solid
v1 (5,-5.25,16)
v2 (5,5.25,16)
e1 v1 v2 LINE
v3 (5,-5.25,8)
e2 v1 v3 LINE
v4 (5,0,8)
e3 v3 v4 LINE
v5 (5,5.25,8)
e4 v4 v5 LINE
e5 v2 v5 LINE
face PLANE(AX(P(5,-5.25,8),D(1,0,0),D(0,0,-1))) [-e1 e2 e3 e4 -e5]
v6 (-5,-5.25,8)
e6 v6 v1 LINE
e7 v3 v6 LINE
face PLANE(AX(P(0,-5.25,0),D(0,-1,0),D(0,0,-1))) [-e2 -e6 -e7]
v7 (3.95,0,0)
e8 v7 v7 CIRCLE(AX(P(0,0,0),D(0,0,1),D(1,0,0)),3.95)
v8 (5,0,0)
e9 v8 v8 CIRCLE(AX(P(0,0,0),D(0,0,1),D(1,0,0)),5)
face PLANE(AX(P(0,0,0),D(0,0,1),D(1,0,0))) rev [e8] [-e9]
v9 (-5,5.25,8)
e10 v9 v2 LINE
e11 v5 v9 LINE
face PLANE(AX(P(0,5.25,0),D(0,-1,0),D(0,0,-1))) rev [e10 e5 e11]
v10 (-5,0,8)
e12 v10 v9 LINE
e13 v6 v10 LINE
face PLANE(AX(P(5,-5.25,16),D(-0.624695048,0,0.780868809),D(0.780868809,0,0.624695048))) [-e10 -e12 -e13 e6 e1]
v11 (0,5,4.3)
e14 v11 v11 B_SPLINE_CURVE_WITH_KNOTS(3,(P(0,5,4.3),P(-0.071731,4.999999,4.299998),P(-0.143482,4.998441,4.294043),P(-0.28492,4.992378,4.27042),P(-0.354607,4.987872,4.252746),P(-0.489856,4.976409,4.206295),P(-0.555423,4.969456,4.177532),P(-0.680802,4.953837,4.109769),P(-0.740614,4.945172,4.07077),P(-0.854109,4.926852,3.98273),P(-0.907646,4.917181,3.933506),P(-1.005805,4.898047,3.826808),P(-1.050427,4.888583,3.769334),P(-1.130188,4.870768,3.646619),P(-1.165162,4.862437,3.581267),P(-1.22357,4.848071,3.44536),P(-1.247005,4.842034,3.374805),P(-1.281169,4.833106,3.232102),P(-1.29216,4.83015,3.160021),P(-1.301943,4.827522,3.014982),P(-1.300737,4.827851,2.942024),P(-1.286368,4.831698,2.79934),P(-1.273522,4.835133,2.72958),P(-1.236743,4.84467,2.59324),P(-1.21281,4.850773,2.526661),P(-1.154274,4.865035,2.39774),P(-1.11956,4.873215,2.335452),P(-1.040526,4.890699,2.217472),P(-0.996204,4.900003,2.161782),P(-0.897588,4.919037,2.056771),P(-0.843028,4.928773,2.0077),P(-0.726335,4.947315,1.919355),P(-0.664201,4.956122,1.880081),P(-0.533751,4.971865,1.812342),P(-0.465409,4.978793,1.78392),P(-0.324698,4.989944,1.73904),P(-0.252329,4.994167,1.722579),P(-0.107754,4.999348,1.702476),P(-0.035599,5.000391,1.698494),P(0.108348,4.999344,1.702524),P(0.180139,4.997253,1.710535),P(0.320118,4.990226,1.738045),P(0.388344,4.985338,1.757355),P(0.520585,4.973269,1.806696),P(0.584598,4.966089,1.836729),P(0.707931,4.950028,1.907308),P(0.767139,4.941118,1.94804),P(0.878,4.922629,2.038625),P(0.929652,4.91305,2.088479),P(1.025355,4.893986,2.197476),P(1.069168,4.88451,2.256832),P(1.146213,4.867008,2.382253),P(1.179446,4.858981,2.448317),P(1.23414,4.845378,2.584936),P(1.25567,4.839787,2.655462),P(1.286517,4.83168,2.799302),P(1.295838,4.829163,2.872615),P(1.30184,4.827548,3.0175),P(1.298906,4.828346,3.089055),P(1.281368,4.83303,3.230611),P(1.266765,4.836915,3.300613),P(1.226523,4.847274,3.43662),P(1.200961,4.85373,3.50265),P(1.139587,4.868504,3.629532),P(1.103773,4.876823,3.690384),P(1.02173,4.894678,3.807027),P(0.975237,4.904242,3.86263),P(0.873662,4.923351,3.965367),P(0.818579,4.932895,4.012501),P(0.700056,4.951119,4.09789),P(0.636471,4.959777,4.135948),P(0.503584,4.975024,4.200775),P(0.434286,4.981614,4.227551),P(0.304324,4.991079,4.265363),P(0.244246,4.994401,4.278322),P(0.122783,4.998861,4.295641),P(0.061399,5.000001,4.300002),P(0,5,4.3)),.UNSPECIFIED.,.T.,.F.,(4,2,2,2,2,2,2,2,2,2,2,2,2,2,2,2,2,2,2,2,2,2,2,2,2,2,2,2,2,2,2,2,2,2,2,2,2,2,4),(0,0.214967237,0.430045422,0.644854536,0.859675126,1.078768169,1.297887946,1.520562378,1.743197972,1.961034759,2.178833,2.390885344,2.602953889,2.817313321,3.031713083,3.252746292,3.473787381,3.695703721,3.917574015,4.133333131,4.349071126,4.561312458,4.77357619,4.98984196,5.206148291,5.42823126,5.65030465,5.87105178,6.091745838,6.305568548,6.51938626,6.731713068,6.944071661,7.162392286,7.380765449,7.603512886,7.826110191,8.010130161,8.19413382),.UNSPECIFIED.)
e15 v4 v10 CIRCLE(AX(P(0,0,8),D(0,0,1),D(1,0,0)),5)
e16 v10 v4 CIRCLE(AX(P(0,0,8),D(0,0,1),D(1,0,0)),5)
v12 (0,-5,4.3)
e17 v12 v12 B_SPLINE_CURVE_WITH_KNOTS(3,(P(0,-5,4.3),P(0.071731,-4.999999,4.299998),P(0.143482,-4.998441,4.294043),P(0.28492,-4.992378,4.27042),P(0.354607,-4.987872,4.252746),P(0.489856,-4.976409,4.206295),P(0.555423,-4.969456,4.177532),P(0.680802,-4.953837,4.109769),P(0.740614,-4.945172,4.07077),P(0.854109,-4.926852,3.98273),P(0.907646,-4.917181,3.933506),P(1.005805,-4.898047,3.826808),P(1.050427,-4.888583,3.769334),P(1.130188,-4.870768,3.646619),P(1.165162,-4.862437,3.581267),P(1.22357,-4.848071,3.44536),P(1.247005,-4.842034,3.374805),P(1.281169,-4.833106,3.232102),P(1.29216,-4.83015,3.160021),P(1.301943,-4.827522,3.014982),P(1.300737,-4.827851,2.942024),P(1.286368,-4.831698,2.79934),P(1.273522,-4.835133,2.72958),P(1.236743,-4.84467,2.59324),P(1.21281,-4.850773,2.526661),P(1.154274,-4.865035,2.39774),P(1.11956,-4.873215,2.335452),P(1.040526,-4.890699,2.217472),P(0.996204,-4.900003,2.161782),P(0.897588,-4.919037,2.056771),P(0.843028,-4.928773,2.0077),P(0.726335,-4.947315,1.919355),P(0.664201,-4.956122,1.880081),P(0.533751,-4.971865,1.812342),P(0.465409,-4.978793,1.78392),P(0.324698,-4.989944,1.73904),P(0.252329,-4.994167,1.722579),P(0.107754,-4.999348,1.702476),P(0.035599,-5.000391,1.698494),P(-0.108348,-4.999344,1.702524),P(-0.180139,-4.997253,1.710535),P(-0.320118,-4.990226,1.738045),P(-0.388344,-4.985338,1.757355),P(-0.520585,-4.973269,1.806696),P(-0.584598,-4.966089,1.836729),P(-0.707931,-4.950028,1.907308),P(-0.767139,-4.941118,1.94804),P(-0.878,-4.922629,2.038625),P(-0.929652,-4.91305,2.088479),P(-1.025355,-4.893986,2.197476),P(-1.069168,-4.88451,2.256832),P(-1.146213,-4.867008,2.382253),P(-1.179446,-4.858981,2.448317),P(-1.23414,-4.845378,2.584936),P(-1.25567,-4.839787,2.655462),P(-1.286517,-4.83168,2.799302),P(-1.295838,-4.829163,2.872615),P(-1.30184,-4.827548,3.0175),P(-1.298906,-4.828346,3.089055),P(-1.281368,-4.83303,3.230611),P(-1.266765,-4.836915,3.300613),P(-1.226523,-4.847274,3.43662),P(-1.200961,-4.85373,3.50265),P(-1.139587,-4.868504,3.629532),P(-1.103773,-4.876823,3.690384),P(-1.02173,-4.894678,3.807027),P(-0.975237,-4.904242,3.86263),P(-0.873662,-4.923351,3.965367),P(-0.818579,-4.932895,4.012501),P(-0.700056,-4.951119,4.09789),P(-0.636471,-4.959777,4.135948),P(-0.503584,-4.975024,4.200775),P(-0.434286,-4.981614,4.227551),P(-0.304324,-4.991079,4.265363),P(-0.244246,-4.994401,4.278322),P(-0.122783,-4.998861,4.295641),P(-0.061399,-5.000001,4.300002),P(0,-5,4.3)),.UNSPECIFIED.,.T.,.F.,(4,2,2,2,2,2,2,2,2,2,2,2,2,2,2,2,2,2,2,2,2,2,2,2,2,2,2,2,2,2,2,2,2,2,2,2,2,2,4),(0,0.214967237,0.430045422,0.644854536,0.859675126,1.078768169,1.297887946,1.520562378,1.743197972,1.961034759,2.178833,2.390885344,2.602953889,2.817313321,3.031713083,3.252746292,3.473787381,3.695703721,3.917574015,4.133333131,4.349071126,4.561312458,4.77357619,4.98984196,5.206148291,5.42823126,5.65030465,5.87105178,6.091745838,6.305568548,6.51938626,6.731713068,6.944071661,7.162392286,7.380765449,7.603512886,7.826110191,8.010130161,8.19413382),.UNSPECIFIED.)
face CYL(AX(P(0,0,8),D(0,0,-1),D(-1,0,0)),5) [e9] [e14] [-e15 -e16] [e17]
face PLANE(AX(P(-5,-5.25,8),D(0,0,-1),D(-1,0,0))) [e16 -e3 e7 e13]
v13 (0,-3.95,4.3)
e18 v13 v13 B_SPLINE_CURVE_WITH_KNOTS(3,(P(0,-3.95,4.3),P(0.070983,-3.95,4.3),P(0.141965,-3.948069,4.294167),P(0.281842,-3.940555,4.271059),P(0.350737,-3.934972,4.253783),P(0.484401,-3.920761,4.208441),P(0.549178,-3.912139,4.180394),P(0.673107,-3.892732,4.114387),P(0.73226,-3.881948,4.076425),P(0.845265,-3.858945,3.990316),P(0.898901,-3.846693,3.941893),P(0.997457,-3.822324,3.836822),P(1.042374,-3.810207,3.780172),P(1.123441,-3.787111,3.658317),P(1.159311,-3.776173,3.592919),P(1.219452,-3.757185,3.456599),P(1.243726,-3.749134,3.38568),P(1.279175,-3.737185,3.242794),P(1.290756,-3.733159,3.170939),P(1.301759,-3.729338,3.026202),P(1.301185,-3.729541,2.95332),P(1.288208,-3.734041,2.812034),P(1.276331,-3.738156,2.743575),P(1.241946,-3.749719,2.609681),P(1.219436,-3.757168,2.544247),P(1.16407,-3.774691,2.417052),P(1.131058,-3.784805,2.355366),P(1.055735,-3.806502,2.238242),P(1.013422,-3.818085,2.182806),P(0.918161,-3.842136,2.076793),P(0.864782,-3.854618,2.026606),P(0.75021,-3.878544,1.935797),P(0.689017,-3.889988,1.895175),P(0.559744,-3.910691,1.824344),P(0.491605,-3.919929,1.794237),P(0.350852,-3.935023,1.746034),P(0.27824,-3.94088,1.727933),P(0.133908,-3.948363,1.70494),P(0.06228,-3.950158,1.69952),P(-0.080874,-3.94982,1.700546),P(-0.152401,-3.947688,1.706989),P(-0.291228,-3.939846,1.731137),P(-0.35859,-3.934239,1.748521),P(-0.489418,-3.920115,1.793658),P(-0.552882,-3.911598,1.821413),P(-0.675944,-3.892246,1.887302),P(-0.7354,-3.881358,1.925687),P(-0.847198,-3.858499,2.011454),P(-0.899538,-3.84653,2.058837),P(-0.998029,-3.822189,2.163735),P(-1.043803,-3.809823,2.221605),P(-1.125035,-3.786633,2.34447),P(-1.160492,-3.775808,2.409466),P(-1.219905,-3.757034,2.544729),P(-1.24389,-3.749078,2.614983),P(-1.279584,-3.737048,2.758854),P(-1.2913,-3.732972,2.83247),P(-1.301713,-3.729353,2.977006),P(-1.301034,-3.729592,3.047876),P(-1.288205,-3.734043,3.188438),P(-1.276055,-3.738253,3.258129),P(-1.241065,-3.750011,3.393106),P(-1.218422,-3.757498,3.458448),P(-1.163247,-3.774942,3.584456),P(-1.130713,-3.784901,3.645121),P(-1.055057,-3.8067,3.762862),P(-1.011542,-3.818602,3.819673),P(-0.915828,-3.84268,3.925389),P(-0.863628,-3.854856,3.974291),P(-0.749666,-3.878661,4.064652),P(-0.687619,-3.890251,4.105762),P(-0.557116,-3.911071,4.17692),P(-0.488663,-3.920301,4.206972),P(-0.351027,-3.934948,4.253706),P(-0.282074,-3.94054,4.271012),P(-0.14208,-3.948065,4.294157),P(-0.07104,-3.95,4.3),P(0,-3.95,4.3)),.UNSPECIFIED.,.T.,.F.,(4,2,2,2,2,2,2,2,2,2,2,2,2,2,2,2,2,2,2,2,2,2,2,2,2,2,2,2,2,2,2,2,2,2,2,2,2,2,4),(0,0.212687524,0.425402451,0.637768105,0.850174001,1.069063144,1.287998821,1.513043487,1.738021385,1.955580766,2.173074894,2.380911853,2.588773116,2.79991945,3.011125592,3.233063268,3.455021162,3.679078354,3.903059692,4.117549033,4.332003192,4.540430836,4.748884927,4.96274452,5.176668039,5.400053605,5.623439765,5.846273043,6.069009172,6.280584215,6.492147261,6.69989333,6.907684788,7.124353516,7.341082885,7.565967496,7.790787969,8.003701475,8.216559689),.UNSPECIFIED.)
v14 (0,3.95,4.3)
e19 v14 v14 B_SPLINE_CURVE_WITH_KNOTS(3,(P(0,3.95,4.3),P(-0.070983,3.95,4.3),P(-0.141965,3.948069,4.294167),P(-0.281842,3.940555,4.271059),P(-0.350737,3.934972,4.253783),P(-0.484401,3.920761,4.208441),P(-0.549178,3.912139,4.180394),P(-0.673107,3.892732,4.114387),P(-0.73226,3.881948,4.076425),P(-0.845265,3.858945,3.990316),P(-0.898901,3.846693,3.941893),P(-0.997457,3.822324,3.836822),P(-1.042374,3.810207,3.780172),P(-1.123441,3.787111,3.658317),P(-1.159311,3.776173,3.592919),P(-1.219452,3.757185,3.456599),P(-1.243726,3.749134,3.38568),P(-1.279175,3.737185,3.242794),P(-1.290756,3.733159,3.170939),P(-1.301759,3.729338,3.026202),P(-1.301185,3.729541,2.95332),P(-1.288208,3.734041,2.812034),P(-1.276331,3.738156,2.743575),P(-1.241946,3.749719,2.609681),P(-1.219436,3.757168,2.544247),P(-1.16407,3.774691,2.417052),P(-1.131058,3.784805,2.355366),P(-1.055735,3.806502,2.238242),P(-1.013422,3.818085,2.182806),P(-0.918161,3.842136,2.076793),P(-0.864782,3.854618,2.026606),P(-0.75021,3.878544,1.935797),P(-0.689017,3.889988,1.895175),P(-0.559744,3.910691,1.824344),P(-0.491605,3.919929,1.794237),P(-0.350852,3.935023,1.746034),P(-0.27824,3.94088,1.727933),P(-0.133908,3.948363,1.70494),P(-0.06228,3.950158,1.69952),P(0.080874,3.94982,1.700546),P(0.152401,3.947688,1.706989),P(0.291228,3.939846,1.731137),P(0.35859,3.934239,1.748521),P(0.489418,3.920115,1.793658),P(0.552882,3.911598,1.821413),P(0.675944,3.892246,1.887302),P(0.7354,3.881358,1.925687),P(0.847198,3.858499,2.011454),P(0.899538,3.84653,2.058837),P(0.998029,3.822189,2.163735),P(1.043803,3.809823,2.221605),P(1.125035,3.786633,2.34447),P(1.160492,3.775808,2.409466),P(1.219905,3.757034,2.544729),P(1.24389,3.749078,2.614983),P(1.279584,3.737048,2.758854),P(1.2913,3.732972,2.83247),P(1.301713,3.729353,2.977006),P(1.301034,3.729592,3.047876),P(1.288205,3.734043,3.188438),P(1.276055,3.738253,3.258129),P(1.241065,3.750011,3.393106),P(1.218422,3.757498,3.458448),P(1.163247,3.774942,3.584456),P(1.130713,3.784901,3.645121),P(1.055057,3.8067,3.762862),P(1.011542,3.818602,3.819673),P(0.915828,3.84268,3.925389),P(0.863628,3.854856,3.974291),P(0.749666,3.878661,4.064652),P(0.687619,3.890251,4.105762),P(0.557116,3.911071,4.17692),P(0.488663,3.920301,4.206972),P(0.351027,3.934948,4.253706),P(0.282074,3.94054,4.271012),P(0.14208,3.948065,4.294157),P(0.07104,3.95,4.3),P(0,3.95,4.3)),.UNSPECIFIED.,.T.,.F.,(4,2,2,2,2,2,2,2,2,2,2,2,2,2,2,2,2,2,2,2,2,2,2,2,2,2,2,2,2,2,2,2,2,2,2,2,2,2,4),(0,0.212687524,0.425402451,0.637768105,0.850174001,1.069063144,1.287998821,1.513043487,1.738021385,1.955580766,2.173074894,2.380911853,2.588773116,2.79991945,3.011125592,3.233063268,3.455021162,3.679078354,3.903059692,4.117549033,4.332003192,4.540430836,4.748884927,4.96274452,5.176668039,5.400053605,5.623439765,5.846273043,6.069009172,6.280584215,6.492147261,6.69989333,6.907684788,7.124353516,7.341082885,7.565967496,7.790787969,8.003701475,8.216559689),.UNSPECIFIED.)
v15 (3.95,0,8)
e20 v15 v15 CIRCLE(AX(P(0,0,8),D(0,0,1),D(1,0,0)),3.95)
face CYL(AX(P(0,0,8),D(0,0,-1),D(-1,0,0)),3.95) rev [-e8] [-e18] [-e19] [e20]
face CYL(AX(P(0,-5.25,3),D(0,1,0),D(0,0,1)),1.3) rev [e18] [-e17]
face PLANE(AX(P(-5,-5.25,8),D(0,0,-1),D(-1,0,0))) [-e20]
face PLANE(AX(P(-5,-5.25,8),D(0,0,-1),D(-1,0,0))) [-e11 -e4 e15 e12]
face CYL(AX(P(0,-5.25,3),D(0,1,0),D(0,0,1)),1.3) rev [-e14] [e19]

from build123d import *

# Parameters (mm, degrees)
SKETCH1_R                = 5
SKETCH1_R_2              = 3.95
BOSS_EXTRUDE1_DEPTH      = 8
BOSS_EXTRUDE2_DEPTH      = 5.25
BOSS_EXTRUDE2_DEPTH_BACK = 5.25
CUT_EXTRUDE1_DEPTH       = 18.565947171
CUT_EXTRUDE1_DEPTH_BACK  = 18.565947171
SKETCH4_R                = 1.3


with BuildPart() as part:
    # Sketch1 → Boss-Extrude1 (new body)
    with BuildSketch(Plane.XY):
        Circle(SKETCH1_R)
        Circle(SKETCH1_R_2, mode=Mode.SUBTRACT)
    extrude(amount=BOSS_EXTRUDE1_DEPTH)

    # Sketch3 → Boss-Extrude2 (add, two sides: drawn at the far end of the back side and taken through both)
    with BuildSketch(Plane(origin=(0, 0, 0), x_dir=(1, 0, 0), z_dir=(0, 1, 0)).offset(-BOSS_EXTRUDE2_DEPTH_BACK)):
        Polygon((5, -16), (-5, -8), (5, -8), align=None)
    extrude(amount=BOSS_EXTRUDE2_DEPTH + BOSS_EXTRUDE2_DEPTH_BACK)

    # Sketch4 → Cut-Extrude1 (cut, two sides: drawn at the far end of the back side and taken through both)
    with BuildSketch(Plane(origin=(0, 0, 0), x_dir=(1, 0, 0), z_dir=(0, 1, 0)).offset(-CUT_EXTRUDE1_DEPTH_BACK)):
        with Locations((0, -3)):
            Circle(SKETCH4_R)
    extrude(amount=CUT_EXTRUDE1_DEPTH + CUT_EXTRUDE1_DEPTH_BACK, mode=Mode.SUBTRACT)


solid = part.part
